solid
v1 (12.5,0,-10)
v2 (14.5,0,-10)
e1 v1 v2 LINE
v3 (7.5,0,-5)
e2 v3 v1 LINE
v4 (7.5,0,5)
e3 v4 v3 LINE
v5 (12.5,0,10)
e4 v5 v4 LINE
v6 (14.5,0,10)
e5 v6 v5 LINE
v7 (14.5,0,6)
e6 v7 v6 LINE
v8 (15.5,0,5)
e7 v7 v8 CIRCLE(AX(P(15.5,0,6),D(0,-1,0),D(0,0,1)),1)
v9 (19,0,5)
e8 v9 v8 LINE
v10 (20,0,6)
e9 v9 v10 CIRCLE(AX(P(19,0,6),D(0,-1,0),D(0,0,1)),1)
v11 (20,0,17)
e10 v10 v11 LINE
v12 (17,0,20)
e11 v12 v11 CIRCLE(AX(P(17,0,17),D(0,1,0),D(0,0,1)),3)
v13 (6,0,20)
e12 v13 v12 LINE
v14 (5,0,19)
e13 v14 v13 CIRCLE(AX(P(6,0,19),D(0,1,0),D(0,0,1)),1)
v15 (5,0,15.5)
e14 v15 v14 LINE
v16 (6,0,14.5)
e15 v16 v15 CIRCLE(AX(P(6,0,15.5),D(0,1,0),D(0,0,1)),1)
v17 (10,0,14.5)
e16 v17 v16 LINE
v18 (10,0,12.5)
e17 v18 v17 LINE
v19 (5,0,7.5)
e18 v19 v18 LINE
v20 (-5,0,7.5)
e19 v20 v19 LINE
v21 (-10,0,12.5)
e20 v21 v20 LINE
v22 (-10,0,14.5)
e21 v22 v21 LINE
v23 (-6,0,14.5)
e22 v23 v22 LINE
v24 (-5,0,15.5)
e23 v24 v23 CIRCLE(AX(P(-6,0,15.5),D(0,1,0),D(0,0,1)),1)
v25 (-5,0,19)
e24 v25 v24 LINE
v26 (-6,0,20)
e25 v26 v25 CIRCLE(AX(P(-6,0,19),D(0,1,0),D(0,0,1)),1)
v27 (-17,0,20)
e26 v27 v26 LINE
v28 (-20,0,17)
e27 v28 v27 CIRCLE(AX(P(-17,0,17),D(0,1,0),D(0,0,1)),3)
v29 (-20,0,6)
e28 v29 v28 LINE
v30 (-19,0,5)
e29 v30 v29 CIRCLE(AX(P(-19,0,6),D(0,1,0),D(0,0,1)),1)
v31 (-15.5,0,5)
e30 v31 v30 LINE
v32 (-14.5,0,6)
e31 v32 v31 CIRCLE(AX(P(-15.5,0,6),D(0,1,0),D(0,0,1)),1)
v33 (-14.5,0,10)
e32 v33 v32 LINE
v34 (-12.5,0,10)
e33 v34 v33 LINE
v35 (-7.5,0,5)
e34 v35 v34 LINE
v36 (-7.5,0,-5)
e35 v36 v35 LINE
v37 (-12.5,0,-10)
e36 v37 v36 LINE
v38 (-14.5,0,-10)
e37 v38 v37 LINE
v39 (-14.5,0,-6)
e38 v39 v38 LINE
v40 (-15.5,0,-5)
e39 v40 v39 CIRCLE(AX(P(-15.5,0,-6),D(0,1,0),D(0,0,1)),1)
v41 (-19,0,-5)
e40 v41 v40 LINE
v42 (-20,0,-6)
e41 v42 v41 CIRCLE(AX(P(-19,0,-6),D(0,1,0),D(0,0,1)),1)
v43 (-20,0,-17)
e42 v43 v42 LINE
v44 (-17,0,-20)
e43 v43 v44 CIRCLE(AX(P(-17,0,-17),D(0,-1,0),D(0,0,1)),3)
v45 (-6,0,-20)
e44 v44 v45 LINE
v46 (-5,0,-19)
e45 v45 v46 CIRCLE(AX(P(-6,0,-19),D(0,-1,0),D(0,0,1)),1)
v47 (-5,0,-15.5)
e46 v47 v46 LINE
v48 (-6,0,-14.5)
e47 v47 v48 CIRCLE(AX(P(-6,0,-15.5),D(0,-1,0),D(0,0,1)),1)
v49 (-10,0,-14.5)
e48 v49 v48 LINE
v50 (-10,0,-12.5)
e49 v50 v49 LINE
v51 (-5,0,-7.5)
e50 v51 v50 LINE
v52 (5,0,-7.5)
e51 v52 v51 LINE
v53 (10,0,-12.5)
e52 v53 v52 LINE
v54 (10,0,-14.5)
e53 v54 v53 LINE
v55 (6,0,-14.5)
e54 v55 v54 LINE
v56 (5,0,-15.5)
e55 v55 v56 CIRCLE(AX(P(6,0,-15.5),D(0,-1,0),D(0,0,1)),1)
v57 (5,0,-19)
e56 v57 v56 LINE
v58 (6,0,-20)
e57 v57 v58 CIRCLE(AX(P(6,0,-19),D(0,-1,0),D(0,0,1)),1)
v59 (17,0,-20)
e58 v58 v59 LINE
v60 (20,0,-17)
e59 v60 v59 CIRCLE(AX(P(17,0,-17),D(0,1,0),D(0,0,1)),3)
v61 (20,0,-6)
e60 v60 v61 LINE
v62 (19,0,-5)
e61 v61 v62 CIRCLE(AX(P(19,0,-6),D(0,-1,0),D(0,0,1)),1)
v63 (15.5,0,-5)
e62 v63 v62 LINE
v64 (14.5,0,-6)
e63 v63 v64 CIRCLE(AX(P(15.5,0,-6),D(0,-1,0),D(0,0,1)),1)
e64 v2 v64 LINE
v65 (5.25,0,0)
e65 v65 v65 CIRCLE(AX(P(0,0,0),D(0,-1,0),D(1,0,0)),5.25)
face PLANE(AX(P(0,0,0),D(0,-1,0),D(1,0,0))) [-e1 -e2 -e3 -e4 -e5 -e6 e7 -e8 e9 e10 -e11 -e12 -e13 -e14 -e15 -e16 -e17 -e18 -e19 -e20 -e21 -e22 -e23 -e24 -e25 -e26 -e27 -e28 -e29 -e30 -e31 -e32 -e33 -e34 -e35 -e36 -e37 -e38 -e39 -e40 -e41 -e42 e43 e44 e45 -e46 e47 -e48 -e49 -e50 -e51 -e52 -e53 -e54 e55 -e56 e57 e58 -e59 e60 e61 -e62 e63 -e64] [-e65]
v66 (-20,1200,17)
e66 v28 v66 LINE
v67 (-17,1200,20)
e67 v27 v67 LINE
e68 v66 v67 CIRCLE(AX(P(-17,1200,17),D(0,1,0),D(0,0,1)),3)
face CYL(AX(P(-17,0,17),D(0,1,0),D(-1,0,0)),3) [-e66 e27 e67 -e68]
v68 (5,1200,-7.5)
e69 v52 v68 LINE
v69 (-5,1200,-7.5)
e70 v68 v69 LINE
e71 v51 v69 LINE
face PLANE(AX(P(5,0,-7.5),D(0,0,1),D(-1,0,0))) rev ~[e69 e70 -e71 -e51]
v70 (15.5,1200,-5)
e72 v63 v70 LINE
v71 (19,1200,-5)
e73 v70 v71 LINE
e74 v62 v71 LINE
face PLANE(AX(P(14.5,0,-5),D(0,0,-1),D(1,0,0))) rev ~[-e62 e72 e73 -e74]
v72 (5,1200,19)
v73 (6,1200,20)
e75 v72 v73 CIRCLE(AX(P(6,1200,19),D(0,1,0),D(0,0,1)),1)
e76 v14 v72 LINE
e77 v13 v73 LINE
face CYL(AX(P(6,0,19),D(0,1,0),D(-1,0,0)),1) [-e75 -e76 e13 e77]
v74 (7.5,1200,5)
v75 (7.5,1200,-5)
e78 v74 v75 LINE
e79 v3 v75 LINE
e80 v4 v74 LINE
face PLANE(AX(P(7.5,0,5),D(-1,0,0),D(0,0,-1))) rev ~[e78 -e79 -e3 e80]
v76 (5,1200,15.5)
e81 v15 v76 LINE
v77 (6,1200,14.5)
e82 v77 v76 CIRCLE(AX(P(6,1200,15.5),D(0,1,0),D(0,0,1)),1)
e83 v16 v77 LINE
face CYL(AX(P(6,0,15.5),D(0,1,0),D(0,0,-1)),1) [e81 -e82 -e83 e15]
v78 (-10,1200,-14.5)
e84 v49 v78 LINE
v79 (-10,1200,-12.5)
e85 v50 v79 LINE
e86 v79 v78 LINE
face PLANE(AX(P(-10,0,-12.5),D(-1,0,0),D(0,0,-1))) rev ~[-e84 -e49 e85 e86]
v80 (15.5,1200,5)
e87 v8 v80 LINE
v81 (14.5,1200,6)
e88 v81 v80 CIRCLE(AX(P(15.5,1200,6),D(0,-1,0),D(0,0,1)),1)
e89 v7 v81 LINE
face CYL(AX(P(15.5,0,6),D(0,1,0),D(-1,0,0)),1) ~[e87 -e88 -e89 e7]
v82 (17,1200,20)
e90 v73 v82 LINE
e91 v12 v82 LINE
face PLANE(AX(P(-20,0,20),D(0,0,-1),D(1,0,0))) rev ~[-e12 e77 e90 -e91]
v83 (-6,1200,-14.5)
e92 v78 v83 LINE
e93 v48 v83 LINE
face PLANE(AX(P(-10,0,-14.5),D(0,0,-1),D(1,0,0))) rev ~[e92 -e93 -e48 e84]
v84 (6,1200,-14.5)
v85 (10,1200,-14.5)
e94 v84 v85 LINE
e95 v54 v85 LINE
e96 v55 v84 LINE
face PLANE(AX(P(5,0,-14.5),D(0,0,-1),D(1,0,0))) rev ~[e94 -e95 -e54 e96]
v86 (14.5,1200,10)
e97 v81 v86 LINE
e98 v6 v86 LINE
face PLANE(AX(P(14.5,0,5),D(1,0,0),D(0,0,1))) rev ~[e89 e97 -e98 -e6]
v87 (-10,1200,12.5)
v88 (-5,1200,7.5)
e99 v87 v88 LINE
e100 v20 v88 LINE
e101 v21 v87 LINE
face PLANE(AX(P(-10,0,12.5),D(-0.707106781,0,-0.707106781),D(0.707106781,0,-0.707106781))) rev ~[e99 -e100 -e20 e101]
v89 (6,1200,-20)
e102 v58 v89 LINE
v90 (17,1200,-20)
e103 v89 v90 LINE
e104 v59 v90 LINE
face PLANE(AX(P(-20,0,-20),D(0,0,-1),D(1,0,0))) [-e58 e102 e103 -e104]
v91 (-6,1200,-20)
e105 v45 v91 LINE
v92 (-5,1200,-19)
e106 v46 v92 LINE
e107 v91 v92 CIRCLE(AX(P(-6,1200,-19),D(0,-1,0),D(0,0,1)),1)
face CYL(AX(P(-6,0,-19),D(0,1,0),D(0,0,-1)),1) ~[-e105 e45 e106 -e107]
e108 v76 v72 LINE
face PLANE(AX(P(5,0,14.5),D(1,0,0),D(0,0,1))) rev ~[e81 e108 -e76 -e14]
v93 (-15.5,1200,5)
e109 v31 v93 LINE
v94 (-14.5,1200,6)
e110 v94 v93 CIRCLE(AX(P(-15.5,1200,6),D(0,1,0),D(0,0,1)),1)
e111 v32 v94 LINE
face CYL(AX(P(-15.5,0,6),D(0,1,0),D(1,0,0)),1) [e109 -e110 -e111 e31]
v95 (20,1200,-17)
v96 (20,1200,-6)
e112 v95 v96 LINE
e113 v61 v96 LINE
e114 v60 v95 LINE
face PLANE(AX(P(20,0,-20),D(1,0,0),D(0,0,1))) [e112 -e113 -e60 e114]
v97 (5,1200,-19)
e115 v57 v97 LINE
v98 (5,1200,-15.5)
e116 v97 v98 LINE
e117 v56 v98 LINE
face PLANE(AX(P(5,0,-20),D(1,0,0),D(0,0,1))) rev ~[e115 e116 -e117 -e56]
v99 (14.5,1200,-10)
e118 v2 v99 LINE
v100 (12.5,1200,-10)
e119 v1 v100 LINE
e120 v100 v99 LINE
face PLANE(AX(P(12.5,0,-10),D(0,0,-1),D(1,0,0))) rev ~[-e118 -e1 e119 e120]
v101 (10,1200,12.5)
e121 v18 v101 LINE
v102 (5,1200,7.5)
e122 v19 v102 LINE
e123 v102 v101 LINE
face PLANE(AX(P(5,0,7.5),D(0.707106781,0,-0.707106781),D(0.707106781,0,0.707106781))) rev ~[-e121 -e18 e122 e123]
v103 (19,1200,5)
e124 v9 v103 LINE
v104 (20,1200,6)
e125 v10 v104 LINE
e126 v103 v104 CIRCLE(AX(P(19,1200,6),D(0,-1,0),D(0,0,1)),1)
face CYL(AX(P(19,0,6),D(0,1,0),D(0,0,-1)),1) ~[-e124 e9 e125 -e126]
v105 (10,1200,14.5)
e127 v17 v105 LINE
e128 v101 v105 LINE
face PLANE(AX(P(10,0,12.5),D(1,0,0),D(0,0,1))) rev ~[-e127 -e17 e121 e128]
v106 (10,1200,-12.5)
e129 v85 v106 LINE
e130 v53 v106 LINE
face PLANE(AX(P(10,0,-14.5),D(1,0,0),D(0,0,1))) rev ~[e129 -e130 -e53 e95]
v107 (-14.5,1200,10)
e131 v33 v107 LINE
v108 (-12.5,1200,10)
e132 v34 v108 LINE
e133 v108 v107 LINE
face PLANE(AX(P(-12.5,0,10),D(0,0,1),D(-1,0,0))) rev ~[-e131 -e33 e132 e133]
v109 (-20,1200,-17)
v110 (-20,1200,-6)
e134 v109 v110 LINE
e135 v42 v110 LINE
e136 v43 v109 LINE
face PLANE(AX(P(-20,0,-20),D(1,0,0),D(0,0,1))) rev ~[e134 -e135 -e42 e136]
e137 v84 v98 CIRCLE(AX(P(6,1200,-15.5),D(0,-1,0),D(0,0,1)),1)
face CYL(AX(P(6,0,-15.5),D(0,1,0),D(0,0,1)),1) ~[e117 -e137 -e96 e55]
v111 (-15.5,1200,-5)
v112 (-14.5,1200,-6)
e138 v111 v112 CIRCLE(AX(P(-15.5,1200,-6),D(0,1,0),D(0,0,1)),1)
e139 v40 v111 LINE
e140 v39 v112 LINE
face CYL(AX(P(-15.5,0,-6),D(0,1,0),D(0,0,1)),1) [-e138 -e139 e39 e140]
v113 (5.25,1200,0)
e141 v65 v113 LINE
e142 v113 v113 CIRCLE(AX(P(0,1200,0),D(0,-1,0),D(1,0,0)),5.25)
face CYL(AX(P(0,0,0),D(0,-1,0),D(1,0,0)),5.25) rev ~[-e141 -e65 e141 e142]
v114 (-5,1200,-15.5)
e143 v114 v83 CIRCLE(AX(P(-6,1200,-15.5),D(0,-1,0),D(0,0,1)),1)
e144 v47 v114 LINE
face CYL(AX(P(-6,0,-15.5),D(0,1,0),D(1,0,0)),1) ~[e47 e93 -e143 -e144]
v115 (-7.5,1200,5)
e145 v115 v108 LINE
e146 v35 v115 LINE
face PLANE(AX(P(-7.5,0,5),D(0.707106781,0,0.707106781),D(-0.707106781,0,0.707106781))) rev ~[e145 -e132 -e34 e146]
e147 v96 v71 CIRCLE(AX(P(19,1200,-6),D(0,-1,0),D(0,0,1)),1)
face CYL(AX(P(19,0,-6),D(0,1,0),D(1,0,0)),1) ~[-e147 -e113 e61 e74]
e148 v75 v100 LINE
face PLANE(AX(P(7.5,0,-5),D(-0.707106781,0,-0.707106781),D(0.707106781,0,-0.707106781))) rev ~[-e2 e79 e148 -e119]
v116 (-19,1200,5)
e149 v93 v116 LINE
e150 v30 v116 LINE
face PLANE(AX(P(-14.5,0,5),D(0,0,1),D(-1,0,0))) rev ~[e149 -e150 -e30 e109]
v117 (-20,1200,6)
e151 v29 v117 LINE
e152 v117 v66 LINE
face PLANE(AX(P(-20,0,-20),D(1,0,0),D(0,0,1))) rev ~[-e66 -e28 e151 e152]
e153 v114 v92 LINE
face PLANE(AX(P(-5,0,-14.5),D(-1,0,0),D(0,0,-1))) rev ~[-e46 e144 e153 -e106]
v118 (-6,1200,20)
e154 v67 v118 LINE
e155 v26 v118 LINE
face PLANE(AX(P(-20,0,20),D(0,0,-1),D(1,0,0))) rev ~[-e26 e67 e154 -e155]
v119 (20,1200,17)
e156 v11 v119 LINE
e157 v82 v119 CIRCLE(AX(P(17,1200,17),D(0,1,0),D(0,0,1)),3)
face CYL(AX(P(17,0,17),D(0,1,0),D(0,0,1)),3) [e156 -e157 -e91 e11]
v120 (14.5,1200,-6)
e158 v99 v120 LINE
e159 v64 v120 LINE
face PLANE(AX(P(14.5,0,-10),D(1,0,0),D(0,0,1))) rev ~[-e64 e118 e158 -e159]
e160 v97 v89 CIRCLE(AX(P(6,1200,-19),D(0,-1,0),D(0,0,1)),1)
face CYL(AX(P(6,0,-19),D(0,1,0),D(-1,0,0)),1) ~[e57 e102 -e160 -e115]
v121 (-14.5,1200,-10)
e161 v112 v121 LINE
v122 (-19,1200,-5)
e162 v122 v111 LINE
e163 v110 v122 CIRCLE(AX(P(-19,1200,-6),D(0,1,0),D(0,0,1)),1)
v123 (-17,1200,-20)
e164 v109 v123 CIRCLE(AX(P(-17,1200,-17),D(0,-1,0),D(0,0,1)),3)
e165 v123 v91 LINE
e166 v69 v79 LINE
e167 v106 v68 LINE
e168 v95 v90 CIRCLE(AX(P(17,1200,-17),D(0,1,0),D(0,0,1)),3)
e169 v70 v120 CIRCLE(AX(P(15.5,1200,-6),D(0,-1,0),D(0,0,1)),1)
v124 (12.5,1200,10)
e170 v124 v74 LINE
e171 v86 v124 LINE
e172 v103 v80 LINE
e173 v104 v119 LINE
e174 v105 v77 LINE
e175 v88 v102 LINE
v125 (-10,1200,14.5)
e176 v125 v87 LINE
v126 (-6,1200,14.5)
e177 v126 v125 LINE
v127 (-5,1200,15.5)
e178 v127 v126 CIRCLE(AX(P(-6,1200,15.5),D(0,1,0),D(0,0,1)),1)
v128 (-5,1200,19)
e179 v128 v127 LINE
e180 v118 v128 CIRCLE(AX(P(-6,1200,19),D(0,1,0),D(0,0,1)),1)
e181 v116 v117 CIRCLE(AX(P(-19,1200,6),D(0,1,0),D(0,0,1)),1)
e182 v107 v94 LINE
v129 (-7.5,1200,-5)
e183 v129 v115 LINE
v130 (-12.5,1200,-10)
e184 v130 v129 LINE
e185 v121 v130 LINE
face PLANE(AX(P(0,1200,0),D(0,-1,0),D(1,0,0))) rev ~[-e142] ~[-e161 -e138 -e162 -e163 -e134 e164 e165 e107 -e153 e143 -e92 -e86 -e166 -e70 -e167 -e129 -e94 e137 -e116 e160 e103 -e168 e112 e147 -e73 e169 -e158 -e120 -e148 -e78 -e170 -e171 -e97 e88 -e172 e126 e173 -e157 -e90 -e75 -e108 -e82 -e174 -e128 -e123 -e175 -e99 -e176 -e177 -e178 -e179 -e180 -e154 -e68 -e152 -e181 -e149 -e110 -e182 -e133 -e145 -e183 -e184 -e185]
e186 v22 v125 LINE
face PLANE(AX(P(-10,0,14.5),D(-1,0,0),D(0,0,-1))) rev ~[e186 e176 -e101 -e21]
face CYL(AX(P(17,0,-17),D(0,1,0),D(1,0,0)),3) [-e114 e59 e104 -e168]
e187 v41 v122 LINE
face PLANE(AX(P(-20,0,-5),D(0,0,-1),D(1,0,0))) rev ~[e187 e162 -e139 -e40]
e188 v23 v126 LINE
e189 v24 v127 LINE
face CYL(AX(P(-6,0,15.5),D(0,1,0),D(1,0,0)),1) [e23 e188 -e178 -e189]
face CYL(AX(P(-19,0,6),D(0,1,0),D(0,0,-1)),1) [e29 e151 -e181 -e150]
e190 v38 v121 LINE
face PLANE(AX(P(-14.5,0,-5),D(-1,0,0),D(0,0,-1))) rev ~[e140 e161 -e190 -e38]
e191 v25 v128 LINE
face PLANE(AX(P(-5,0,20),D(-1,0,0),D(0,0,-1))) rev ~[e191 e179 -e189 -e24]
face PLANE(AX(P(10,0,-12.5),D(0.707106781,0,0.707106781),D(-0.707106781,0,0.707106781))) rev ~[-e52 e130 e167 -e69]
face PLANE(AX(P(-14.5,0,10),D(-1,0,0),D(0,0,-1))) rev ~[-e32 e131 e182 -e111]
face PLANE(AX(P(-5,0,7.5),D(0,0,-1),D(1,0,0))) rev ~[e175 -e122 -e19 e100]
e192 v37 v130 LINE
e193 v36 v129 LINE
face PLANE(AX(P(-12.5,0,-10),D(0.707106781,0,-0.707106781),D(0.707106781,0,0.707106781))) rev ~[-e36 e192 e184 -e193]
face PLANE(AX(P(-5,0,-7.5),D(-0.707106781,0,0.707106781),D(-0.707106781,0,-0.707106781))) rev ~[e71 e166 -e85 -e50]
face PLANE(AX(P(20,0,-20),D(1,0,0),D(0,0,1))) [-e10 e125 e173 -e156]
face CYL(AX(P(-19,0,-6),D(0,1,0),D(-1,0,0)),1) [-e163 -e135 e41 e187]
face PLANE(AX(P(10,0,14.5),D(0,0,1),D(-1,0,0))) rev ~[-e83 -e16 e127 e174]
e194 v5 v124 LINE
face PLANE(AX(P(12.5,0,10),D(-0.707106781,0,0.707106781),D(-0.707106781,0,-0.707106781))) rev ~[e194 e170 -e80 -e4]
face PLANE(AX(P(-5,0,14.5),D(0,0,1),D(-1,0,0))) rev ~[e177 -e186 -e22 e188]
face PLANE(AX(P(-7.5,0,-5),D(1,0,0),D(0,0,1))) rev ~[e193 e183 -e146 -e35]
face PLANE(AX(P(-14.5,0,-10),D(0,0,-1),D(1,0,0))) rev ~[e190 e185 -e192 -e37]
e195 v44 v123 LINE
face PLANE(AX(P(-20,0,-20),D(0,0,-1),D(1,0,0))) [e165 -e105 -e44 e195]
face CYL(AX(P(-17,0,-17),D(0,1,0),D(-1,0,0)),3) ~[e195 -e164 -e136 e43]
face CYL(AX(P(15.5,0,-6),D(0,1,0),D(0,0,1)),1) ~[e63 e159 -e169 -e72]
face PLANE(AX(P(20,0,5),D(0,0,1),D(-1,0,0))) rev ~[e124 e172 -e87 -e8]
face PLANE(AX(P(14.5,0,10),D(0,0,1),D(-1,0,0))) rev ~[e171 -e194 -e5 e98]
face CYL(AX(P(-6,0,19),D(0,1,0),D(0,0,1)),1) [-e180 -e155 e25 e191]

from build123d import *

# Parameters (mm, degrees)
F0_W     = 40
F0_H     = 40
F1_DEPTH = 1200
F2_R     = 5.25
F3_DEPTH = 1200
F5_DEPTH = 1200
F6_R     = 3
F7_R     = 1


with BuildPart() as f1:
    # F0 (on Front) → F1 (new body)
    with BuildSketch(Plane.XZ):
        Rectangle(F0_W, F0_H)
    extrude(amount=-F1_DEPTH)

    # F2 (on Front) → F3 (cut)
    with BuildSketch(Plane.XZ):
        Circle(F2_R)
    extrude(amount=-F3_DEPTH, mode=Mode.SUBTRACT)

    # F4 (on Front) → F5 (cut)
    with BuildSketch(Plane.XZ):
        Polygon((10, 12.5), (10, 14.5), (5, 14.5), (5, 20), (-5, 20), (-5, 14.5), (-10, 14.5), (-10, 12.5), (-5, 7.5), (5, 7.5), align=None)
        Polygon((20, 5), (14.5, 5), (14.5, 10), (12.5, 10), (7.5, 5), (7.5, -5), (12.5, -10), (14.5, -10), (14.5, -5), (20, -5), align=None)
        Polygon((10, -12.5), (5, -7.5), (-5, -7.5), (-10, -12.5), (-10, -14.5), (-5, -14.5), (-5, -20), (5, -20), (5, -14.5), (10, -14.5), align=None)
        Polygon((-12.5, -10), (-7.5, -5), (-7.5, 5), (-12.5, 10), (-14.5, 10), (-14.5, 5), (-20, 5), (-20, -5), (-14.5, -5), (-14.5, -10), align=None)
    extrude(amount=-F5_DEPTH, mode=Mode.SUBTRACT)

    # F6
    f6_edges = [f1.edges().sort_by_distance(p)[0] for p in [
        (-20, 600, 20),
        (20, 600, 20),
        (20, 600, -20),
        (-20, 600, -20),
    ]]
    fillet(f6_edges, radius=F6_R)

    # F7
    f7_edges = [f1.edges().sort_by_distance(p)[0] for p in [
        (-5, 600, 20),
        (-5, 600, 14.5),
        (5, 600, 20),
        (20, 600, 5),
        (14.5, 600, -5),
        (20, 600, -5),
        (5, 600, -14.5),
        (-5, 600, -14.5),
        (-5, 600, -20),
        (-20, 600, -5),
        (-14.5, 600, -5),
        (-14.5, 600, 5),
        (5, 600, -20),
        (14.5, 600, 5),
        (5, 600, 14.5),
        (-20, 600, 5),
    ]]
    fillet(f7_edges, radius=F7_R)


solid = f1.part
